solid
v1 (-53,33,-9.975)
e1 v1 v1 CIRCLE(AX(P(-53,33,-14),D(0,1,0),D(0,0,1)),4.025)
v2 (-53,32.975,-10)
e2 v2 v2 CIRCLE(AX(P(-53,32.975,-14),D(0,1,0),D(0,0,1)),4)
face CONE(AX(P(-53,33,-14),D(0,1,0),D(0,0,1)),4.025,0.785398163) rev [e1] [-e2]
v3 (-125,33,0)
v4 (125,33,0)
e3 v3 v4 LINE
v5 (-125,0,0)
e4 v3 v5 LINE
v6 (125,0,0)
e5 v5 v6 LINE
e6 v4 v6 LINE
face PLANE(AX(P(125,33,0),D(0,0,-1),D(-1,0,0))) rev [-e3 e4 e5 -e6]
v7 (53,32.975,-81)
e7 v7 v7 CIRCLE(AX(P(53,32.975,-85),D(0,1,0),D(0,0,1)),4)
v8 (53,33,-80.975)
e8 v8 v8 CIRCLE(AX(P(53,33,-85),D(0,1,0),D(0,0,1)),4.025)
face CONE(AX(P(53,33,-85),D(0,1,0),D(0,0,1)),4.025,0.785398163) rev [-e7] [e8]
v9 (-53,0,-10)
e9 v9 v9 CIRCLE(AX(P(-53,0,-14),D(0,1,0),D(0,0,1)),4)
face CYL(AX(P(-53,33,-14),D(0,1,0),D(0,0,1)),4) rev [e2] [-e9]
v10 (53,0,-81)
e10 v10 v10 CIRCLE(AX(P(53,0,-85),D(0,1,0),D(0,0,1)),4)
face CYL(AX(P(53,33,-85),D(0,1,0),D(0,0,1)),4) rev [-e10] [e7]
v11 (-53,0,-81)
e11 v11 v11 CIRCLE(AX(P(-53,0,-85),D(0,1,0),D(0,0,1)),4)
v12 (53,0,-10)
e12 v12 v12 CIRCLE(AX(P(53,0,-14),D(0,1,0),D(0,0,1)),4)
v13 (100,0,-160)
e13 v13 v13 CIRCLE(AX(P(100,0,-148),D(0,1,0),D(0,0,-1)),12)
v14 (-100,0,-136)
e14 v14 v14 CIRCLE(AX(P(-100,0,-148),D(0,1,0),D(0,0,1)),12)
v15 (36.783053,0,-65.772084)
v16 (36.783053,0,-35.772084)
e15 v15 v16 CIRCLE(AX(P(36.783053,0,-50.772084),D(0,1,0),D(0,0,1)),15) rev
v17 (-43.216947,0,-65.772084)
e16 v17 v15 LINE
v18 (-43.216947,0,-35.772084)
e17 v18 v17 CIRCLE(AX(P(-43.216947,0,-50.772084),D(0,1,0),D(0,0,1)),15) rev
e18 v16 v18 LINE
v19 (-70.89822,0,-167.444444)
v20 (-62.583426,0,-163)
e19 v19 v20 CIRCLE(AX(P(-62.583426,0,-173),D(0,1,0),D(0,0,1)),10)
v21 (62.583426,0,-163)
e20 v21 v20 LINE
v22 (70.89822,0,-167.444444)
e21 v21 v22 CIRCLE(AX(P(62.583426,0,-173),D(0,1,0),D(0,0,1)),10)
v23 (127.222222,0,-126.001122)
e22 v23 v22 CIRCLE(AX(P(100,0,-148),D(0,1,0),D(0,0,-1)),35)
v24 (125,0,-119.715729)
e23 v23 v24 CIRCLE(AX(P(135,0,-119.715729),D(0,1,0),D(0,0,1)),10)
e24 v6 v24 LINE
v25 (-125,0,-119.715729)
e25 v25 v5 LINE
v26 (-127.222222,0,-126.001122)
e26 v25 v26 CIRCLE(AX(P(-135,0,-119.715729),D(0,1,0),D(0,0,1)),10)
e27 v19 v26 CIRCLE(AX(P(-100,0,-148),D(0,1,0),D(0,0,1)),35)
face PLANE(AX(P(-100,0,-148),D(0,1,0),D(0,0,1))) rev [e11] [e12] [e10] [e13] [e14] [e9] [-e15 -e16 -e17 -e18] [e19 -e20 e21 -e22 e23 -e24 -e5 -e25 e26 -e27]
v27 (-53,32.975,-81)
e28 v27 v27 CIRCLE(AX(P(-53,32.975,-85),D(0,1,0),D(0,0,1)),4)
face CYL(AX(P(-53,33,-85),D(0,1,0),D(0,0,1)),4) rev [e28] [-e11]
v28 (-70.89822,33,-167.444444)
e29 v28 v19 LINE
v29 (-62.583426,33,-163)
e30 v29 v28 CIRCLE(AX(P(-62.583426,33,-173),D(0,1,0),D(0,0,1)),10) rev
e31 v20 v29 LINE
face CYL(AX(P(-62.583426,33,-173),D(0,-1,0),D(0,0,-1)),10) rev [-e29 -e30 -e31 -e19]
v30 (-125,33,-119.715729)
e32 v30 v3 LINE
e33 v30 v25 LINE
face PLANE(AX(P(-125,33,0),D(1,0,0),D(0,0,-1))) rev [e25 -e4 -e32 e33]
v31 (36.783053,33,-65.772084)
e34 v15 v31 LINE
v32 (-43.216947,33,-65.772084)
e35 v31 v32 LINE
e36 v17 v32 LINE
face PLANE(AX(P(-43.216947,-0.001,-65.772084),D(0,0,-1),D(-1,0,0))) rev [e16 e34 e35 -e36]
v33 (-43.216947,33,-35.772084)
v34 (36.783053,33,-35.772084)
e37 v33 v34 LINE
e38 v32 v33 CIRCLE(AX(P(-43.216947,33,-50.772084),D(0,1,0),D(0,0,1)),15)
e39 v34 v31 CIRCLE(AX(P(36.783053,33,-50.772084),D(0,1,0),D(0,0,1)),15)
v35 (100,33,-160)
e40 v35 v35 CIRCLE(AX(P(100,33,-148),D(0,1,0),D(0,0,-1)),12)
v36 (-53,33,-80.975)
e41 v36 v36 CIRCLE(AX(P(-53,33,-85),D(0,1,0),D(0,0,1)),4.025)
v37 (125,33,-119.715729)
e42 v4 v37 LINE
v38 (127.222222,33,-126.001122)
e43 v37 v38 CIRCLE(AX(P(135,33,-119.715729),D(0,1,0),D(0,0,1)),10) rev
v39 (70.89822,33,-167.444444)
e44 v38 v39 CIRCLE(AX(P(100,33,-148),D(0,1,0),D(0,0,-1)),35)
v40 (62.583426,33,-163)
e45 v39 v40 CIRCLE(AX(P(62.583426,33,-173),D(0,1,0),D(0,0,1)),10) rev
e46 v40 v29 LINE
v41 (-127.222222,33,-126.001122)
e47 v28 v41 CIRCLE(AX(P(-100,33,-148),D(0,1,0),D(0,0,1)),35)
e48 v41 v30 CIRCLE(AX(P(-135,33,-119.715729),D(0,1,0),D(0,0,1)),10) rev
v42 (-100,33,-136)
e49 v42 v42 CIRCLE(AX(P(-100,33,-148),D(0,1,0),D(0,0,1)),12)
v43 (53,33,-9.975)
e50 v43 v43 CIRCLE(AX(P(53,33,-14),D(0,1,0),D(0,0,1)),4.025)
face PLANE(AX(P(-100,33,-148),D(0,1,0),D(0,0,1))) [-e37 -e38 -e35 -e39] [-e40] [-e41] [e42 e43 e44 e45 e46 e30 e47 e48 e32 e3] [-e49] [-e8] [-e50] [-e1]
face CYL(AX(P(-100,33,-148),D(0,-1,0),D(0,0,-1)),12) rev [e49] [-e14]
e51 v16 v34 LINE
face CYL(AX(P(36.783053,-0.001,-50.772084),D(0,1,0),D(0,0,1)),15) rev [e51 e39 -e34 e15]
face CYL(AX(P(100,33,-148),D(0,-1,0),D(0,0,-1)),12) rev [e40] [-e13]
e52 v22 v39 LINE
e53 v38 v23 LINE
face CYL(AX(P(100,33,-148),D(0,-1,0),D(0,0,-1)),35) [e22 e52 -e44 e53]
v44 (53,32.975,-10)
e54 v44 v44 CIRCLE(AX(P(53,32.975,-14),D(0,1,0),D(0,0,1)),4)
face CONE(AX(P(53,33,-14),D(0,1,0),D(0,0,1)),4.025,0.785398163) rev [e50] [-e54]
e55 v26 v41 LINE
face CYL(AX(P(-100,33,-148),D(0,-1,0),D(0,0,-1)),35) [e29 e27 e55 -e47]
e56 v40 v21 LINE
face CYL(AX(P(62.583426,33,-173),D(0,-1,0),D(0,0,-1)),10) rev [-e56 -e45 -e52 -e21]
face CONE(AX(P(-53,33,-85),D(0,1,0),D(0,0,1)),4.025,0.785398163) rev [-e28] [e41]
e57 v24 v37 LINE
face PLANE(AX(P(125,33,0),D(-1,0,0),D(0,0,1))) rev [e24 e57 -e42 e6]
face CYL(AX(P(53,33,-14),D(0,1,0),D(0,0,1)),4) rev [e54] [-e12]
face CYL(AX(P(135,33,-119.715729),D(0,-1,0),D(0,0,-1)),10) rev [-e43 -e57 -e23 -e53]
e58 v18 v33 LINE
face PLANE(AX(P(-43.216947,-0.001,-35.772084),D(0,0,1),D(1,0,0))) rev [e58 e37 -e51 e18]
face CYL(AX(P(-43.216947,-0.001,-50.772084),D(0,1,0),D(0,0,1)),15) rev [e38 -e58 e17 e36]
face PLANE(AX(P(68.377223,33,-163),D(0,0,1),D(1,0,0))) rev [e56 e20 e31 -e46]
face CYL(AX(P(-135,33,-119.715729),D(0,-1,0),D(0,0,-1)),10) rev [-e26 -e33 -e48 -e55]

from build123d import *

# Parameters (mm, degrees)
SKETCH1_R                   = 12
BOSS_EXTRUDE1_DEPTH         = 33
FILLET1_R                   = 10
M8_TAPPED_HOLE2_D           = 8
M8_TAPPED_HOLE2_DEPTH       = 33
M8_TAPPED_HOLE2_CSINK_D     = 8.05
M8_TAPPED_HOLE2_CSINK_ANGLE = 90
CUT_EXTRUDE1_REACH          = 35


with BuildPart() as part:
    # Sketch1 → Boss-Extrude1 (new body)
    with BuildSketch(Plane(origin=(0, 0, 0), x_dir=(1, 0, 0), z_dir=(0, 1, 0))):
        with BuildLine():
            Line((125, 0), (-125, 0))
            Line((-125, 0), (-125, 123.505102572))
            ThreePointArc((-125, 123.505102572), (-120.023162168, 176.706671295), (-68.377223398, 163))
            Line((-68.377223398, 163), (68.377223398, 163))
            ThreePointArc((68.377223398, 163), (120.023162168, 176.706671295), (125, 123.505102572))
            Line((125, 123.505102572), (125, 0))
        make_face()
        with Locations((-100, 148)):
            Circle(SKETCH1_R, mode=Mode.SUBTRACT)
        with Locations((100, 148)):
            Circle(SKETCH1_R, mode=Mode.SUBTRACT)
    extrude(amount=BOSS_EXTRUDE1_DEPTH)

    # Fillet1
    fillet1_edges = [part.edges().sort_by_distance(p)[0] for p in [
        (-125, 16.5, -123.505102572),
        (-68.377223398, 16.5, -163),
        (68.377223398, 16.5, -163),
        (125, 16.5, -123.505102572),
    ]]
    fillet(fillet1_edges, radius=FILLET1_R)

    # M8 Tapped Hole2
    with Locations(Plane(origin=(0, 33, 0), x_dir=(1, 0, 0), z_dir=(0, 1, 0))):
        with Locations((-53, 85), (53, 85), (53, 14), (-53, 14)):
            CounterSinkHole(M8_TAPPED_HOLE2_D / 2, M8_TAPPED_HOLE2_CSINK_D / 2, depth=M8_TAPPED_HOLE2_DEPTH, counter_sink_angle=M8_TAPPED_HOLE2_CSINK_ANGLE)

    # Sketch6 → Cut-Extrude1 (cut, up to next)
    with BuildSketch(Plane(origin=(0, 33, 0), x_dir=(1, 0, 0), z_dir=(0, 1, 0)), mode=Mode.PRIVATE) as cut_extrude1_sk1:
        with BuildLine():
            Line((-43.216947182, 65.77208412), (36.783052818, 65.77208412))
            ThreePointArc((36.783052818, 65.77208412), (51.783052818, 50.77208412), (36.783052818, 35.77208412))
            Line((36.783052818, 35.77208412), (-43.216947182, 35.77208412))
            ThreePointArc((-43.216947182, 35.77208412), (-58.216947182, 50.77208412), (-43.216947182, 65.77208412))
        make_face()
    cut_extrude1_tool1 = extrude(cut_extrude1_sk1.sketch, amount=-CUT_EXTRUDE1_REACH, mode=Mode.PRIVATE) & part.part
    add(cut_extrude1_tool1.solids().sort_by_distance((-3.216947, 33, -50.772084))[0], mode=Mode.SUBTRACT)


solid = part.part
